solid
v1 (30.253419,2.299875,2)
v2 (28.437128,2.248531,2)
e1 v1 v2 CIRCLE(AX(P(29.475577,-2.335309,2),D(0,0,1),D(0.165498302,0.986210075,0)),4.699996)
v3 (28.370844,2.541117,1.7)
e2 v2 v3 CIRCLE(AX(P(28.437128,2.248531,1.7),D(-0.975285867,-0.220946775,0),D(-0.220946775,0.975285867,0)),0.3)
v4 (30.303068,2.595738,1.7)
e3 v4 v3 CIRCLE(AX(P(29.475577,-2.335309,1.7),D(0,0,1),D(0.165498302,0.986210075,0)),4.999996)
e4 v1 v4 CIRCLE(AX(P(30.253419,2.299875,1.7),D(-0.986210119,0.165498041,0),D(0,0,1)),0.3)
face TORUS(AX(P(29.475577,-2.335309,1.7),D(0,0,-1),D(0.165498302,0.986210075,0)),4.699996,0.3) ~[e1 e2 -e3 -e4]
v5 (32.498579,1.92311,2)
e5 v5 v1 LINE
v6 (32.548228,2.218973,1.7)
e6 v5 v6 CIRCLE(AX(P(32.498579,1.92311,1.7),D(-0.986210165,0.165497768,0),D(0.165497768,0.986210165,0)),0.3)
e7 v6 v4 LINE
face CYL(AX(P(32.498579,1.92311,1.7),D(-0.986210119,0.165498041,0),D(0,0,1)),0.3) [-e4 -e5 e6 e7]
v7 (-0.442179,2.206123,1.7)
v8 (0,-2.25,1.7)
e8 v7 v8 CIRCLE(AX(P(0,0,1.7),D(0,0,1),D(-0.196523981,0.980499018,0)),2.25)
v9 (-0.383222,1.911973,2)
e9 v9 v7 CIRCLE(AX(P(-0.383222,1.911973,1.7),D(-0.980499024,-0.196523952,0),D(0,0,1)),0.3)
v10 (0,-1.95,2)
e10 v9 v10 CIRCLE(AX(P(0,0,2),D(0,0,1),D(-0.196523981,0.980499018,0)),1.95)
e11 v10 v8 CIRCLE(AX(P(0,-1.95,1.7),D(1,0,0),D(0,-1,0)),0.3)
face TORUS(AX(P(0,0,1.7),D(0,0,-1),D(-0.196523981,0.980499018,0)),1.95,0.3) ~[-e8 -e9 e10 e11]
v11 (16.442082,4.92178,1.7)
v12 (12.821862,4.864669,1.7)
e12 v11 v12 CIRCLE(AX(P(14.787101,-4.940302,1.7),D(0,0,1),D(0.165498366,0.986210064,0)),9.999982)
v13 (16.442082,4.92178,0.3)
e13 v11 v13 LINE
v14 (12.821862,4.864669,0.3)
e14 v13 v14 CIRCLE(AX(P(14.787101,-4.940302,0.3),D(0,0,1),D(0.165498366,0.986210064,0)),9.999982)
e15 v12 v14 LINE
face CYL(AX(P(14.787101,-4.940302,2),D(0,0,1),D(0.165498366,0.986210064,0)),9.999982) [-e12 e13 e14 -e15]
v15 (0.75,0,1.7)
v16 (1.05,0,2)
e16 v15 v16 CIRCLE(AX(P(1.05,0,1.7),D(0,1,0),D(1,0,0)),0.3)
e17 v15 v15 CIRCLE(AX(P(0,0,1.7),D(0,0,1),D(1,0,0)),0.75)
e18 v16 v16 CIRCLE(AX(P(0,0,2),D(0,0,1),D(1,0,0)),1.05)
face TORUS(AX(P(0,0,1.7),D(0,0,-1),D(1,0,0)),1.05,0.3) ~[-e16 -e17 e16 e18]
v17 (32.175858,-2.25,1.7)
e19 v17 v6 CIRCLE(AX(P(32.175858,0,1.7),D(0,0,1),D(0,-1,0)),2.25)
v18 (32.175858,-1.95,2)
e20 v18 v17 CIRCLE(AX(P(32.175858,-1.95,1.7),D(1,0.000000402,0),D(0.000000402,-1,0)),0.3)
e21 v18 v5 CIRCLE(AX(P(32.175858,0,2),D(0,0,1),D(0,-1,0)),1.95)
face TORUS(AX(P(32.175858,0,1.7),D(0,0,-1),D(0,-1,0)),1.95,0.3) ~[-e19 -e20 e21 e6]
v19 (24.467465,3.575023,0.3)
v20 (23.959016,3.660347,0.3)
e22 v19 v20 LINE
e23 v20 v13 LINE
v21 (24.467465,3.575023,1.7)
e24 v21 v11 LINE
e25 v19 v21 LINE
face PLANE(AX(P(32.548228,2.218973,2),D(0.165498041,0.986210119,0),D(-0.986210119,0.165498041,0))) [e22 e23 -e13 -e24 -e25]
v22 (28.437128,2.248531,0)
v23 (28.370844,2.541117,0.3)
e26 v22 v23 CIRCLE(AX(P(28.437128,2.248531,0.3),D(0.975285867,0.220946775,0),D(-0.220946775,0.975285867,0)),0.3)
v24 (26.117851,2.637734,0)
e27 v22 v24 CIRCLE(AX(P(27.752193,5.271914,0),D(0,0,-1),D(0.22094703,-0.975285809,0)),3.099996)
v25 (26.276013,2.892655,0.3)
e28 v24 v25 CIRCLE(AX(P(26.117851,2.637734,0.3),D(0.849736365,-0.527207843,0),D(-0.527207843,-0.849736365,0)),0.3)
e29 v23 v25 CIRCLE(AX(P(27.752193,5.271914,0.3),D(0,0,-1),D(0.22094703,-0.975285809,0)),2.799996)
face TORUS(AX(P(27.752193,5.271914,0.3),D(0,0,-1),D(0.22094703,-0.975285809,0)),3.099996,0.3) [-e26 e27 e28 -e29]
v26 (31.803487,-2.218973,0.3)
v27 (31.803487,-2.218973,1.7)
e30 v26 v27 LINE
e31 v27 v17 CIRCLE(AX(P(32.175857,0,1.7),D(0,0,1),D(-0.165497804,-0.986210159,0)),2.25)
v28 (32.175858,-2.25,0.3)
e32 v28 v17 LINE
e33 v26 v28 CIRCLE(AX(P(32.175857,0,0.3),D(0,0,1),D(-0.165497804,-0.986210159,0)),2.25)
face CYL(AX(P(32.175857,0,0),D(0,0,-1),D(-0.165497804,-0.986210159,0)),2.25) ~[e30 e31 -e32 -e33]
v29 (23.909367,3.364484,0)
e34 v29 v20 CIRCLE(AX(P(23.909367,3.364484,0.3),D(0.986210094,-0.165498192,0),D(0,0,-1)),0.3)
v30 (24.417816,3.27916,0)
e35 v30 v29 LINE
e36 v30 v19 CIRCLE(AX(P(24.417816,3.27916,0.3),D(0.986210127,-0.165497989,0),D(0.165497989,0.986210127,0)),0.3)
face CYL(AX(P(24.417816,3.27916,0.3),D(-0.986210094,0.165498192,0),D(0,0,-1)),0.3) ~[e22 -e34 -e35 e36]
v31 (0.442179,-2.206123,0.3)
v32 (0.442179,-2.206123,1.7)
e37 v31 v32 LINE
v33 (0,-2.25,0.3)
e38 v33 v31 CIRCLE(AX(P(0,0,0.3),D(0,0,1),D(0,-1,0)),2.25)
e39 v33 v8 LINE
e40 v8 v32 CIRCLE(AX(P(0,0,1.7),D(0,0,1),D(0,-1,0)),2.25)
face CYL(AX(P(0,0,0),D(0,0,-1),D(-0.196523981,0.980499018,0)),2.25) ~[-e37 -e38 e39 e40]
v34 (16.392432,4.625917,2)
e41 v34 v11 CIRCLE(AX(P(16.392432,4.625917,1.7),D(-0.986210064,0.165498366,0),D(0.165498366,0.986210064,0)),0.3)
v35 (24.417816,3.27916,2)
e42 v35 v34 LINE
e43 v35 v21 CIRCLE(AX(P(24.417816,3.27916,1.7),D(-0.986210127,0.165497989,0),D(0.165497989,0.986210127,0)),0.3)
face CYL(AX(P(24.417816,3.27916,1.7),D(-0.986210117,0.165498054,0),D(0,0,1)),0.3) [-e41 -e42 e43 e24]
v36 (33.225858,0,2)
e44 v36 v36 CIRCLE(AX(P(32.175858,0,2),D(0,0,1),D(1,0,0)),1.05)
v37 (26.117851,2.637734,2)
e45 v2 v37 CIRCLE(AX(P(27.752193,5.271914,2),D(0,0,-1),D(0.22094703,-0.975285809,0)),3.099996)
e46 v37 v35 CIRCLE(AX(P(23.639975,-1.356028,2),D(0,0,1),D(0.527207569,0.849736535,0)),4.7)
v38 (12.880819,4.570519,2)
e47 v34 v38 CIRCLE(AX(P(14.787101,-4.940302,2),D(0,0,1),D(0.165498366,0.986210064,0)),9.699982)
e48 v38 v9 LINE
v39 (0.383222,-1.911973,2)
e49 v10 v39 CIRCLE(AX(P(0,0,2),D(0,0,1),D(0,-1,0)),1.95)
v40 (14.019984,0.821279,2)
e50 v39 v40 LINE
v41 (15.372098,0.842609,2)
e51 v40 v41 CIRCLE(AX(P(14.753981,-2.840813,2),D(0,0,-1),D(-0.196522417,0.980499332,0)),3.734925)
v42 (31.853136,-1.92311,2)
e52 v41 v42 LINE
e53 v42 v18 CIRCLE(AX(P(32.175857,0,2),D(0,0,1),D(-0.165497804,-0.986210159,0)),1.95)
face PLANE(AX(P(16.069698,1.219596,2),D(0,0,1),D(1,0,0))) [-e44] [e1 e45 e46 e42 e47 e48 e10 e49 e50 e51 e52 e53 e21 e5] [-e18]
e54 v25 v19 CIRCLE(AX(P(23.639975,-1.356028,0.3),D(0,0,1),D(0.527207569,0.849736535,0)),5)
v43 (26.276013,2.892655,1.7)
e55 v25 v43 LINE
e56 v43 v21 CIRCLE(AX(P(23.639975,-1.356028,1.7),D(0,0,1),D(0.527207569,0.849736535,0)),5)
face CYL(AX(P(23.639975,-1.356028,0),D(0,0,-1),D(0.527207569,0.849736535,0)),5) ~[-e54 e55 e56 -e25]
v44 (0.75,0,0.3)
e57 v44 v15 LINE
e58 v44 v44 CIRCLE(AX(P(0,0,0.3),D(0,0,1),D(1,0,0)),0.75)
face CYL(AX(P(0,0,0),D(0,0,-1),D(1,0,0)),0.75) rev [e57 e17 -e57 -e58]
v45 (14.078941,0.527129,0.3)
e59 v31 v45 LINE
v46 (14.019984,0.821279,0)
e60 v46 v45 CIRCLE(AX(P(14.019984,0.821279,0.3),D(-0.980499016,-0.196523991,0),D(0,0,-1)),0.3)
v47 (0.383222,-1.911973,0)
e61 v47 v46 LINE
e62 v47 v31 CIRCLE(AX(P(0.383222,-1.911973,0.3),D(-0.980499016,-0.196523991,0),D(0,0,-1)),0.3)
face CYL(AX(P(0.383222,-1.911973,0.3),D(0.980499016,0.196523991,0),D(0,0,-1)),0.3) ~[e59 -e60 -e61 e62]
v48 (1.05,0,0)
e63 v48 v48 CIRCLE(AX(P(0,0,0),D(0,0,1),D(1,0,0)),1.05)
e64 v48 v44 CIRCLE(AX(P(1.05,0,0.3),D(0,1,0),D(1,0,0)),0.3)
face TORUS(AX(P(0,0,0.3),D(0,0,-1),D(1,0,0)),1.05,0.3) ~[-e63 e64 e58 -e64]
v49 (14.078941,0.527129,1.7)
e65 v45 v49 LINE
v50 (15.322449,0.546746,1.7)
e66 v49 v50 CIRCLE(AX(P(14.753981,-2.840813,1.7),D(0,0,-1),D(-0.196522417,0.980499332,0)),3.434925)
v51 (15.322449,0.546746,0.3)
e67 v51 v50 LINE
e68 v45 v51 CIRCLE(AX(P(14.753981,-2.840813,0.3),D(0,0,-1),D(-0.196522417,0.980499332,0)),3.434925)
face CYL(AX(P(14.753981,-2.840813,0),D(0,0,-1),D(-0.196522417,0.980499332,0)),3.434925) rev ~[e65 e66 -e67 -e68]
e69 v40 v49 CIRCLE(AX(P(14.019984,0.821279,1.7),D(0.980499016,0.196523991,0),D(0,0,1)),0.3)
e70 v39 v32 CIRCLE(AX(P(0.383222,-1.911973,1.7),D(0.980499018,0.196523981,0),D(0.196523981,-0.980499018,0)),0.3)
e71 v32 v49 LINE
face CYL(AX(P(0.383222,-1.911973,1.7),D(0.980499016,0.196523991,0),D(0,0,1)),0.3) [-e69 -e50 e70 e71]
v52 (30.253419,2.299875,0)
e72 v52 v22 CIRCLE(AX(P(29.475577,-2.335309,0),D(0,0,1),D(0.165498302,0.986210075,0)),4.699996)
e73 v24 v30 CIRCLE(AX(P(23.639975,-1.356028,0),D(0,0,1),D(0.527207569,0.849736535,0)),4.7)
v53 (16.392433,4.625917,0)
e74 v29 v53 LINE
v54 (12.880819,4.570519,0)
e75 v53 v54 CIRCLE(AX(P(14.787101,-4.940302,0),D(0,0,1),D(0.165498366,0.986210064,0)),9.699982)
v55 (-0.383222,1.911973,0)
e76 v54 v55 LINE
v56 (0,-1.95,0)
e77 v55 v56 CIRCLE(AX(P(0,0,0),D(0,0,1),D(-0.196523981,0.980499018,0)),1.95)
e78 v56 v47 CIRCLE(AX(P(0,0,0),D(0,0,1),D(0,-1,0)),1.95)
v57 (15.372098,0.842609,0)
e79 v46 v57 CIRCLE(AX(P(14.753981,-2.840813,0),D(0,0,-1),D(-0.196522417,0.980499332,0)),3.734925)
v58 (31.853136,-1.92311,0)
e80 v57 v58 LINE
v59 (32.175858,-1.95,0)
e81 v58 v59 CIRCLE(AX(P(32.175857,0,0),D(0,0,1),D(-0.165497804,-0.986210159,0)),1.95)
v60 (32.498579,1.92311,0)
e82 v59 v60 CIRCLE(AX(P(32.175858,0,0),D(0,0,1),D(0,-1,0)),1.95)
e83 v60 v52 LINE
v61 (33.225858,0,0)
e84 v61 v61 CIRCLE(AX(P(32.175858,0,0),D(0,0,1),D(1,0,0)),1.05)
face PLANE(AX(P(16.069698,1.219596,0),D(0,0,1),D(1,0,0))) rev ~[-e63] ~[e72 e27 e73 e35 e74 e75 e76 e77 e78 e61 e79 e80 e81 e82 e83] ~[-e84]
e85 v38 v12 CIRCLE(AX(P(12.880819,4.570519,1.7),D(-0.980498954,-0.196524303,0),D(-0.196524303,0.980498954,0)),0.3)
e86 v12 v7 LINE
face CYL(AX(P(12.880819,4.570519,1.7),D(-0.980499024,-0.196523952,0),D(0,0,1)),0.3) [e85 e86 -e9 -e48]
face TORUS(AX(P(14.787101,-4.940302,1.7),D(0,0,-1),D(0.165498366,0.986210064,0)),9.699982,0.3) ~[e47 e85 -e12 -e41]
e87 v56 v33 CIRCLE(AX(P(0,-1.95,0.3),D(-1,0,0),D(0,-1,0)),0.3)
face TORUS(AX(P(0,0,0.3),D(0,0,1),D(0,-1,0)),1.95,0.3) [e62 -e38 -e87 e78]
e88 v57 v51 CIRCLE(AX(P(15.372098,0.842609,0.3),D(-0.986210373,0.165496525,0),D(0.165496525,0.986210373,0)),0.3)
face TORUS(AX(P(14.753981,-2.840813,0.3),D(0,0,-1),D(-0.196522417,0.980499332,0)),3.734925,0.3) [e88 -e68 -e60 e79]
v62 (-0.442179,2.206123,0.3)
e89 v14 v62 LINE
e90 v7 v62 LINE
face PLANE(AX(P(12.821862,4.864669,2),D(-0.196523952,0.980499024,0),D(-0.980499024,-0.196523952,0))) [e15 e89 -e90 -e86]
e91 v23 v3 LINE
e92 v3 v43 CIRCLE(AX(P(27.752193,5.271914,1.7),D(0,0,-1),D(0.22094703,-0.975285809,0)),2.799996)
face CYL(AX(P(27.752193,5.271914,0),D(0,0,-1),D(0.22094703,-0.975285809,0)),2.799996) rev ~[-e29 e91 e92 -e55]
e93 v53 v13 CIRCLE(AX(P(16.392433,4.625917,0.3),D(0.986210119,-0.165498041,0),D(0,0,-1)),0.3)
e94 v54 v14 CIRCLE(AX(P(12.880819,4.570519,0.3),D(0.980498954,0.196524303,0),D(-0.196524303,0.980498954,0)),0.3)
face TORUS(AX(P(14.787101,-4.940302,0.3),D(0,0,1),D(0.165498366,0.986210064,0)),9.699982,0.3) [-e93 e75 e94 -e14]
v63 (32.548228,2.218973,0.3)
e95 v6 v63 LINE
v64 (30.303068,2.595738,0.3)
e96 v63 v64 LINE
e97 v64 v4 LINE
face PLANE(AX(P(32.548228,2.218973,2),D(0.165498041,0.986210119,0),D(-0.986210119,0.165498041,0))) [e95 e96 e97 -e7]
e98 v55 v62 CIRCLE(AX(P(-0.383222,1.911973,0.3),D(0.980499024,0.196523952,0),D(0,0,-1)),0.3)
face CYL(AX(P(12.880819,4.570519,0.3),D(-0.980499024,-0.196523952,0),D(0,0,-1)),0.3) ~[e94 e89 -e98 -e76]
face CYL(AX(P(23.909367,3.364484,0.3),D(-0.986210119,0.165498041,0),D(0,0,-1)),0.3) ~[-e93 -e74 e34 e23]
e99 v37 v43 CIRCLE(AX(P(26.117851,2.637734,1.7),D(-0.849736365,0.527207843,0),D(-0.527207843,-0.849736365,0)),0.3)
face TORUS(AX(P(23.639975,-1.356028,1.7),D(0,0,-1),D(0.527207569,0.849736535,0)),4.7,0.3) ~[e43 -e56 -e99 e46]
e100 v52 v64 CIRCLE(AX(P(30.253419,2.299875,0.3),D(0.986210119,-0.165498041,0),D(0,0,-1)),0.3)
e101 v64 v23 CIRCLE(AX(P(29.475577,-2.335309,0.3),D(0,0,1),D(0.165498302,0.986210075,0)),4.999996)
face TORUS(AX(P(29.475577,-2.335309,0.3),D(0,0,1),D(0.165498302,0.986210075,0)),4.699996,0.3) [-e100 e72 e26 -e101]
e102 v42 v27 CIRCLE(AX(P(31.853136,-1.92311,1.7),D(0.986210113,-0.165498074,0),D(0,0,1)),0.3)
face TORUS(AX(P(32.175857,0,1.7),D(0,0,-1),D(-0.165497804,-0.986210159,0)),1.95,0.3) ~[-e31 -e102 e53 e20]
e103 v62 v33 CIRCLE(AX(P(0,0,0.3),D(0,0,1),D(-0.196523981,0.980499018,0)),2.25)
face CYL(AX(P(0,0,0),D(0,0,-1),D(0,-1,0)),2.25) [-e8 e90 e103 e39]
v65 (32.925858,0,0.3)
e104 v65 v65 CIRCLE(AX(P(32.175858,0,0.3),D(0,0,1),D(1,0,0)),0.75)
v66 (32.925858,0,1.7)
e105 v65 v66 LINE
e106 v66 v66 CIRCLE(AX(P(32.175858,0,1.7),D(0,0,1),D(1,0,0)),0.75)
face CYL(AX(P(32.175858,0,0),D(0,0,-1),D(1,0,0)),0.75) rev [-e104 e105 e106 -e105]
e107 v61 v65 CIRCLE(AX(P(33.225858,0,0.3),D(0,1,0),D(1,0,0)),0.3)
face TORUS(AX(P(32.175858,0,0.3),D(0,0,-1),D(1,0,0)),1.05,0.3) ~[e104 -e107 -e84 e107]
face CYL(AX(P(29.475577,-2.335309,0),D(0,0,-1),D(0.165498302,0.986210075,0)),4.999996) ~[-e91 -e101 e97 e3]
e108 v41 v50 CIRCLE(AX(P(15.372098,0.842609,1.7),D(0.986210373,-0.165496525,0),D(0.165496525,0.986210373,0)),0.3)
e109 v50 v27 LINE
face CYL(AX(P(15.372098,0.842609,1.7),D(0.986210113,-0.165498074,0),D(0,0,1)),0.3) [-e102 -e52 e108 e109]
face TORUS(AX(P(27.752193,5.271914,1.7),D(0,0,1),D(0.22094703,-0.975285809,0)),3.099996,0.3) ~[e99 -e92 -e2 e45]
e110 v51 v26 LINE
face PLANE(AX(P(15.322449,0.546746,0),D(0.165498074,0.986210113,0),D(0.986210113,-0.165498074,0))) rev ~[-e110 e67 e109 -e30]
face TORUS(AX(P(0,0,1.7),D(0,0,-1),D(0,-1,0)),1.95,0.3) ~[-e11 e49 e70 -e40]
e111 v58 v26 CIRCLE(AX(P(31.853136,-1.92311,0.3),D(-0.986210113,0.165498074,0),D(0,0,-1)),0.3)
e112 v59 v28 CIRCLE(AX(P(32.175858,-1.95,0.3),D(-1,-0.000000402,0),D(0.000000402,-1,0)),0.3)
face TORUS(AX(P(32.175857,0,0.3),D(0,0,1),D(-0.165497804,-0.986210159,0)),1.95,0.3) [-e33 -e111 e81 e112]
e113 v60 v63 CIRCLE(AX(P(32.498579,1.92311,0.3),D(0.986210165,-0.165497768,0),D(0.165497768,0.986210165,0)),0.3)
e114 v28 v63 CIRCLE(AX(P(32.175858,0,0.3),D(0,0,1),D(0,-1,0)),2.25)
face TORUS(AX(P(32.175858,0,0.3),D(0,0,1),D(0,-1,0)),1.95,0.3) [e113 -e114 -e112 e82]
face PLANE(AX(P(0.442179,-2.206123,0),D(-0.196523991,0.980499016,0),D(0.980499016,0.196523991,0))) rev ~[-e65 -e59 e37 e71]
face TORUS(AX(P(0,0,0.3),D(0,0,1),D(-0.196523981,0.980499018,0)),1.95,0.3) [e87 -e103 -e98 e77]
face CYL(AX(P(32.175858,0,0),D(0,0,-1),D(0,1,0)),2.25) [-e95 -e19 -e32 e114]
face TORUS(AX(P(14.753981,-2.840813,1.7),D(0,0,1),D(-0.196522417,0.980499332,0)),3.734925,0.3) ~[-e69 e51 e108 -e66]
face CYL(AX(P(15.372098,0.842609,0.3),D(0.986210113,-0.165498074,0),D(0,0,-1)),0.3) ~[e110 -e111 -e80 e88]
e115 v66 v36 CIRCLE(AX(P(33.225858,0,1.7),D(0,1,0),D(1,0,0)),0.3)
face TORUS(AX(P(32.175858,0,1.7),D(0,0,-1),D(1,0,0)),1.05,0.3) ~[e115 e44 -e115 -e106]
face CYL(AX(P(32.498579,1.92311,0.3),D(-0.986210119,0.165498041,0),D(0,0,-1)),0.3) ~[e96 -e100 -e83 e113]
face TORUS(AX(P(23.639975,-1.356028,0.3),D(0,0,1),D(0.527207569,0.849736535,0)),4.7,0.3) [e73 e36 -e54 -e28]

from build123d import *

# Parameters (mm, degrees)
SKETCH1_R               = 0.75
BOSS_EXTRUDE1_DEPTH     = 2
SKETCH3_OUTSIDE_W       = 46.076
SKETCH3_OUTSIDE_H       = 13.9
CUT_EXTRUDE4_DEPTH      = 3
SKETCH4_R               = 0.75
BOSS_EXTRUDE2_DEPTH     = 2
CUT_EXTRUDE6_DEPTH      = 3
CUT_EXTRUDE6_DEPTH_BACK = 1
FILLET1_R               = 0.3


with BuildPart() as part:
    # Sketch1 → Boss-Extrude1 (new body)
    with BuildSketch(Plane.XY):
        with BuildLine():
            Line((0, 2.25), (32.175858, 2.25))
            ThreePointArc((32.175858, 2.25), (34.425858, 0), (32.175858, -2.25))
            Line((32.175858, -2.25), (0, -2.25))
            ThreePointArc((0, -2.25), (-2.25, 0), (0, 2.25))
        make_face()
        Circle(SKETCH1_R, mode=Mode.SUBTRACT)
        with Locations((32.175858, 0)):
            Circle(SKETCH1_R, mode=Mode.SUBTRACT)
    extrude(amount=BOSS_EXTRUDE1_DEPTH)

    # Sketch3 outside → Cut-Extrude4 (cut, through all)
    with BuildSketch(Plane.XY):
        with Locations((16.088, 0)):
            Rectangle(SKETCH3_OUTSIDE_W, SKETCH3_OUTSIDE_H)
        with BuildLine():
            Line((0.442179, -2.206123), (14.078941, 0.527129))
            ThreePointArc((14.078941, 0.527129), (14.6998, 0.593685), (15.322449, 0.546746))
            Line((15.322449, 0.546746), (31.803487, -2.218973))
            ThreePointArc((31.803487, -2.218973), (34.39483, -0.372371), (32.548228, 2.218973))
            Line((32.548228, 2.218973), (16.442082, 4.92178))
            ThreePointArc((16.442082, 4.92178), (14.629366, 5.058435), (12.821862, 4.864669))
            Line((12.821862, 4.864669), (-0.442179, 2.206123))
            ThreePointArc((-0.442179, 2.206123), (-2.206123, -0.442179), (0.442179, -2.206123))
        make_face(mode=Mode.SUBTRACT)
    extrude(amount=CUT_EXTRUDE4_DEPTH, mode=Mode.SUBTRACT)

    # Sketch4 → Boss-Extrude2 (add)
    with BuildSketch(Plane.XY.offset(2)):
        with BuildLine():
            Line((12.821862, 4.864669), (-0.442179, 2.206123))
            ThreePointArc((-0.442179, 2.206123), (-2.206123, -0.442179), (0.442179, -2.206123))
            Line((0.442179, -2.206123), (14.078941, 0.527129))
            ThreePointArc((14.078941, 0.527129), (14.6998, 0.593685), (15.322449, 0.546746))
            Line((15.322449, 0.546746), (31.803487, -2.218973))
            ThreePointArc((31.803487, -2.218973), (34.39483, -0.372371), (32.548228, 2.218973))
            Line((32.548228, 2.218973), (16.442082, 4.92178))
            ThreePointArc((16.442082, 4.92178), (14.629366, 5.058435), (12.821862, 4.864669))
        make_face()
        with Locations((32.175858, 0)):
            Circle(SKETCH4_R, mode=Mode.SUBTRACT)
        Circle(SKETCH4_R, mode=Mode.SUBTRACT)
    extrude(amount=-BOSS_EXTRUDE2_DEPTH)

    # Sketch6 → Cut-Extrude6 (cut, two sides)
    with BuildSketch(Plane.XY) as cut_extrude6_sk:
        with BuildLine():
            Line((24.467465, 3.575023), (23.959016, 3.660347))
            Line((23.959016, 3.660347), (27.36329, 6.266269))
            Line((27.36329, 6.266269), (30.303068, 2.595738))
            ThreePointArc((30.303068, 2.595738), (29.334291, 2.662691), (28.370844, 2.541117))
            ThreePointArc((28.370844, 2.541117), (27.288799, 2.510529), (26.276013, 2.892655))
            ThreePointArc((26.276013, 2.892655), (25.405028, 3.322069), (24.467465, 3.575023))
        make_face()
    extrude(amount=CUT_EXTRUDE6_DEPTH, mode=Mode.SUBTRACT)
    extrude(cut_extrude6_sk.sketch, amount=-CUT_EXTRUDE6_DEPTH_BACK, mode=Mode.SUBTRACT)

    # Fillet1
    fillet1_edges = [part.edges().sort_by_distance(p)[0] for p in [
        (31.425858, 0, 0),
        (-0.75, 0, 0),
        (7.26056, -0.839497, 0),
        (14.6998, 0.593685, 0),
        (23.562968, -0.836113, 0),
        (14.629366, 5.058435, 2),
        (14.629366, 5.058435, 0),
        (6.189842, 3.535396, 2),
        (6.189842, 3.535396, 0),
        (-2.239004, -0.222175, 0),
        (31.425858, 0, 2),
        (-0.75, 0, 2),
        (23.562968, -0.836113, 2),
        (14.6998, 0.593685, 2),
        (7.26056, -0.839497, 2),
        (-2.239004, -0.222175, 2),
        (20.200549, 4.291063, 2),
        (20.200549, 4.291063, 0),
        (34.418087, -0.186831, 0),
        (31.425648, 2.407355, 2),
        (31.425648, 2.407355, 0),
        (34.418087, -0.186831, 2),
        (25.405028, 3.322069, 0),
        (29.334291, 2.662691, 0),
        (27.288799, 2.510529, 0),
        (25.405028, 3.322069, 2),
        (27.288799, 2.510529, 2),
        (29.334291, 2.662691, 2),
    ]]
    fillet(fillet1_edges, radius=FILLET1_R)


solid = part.part
